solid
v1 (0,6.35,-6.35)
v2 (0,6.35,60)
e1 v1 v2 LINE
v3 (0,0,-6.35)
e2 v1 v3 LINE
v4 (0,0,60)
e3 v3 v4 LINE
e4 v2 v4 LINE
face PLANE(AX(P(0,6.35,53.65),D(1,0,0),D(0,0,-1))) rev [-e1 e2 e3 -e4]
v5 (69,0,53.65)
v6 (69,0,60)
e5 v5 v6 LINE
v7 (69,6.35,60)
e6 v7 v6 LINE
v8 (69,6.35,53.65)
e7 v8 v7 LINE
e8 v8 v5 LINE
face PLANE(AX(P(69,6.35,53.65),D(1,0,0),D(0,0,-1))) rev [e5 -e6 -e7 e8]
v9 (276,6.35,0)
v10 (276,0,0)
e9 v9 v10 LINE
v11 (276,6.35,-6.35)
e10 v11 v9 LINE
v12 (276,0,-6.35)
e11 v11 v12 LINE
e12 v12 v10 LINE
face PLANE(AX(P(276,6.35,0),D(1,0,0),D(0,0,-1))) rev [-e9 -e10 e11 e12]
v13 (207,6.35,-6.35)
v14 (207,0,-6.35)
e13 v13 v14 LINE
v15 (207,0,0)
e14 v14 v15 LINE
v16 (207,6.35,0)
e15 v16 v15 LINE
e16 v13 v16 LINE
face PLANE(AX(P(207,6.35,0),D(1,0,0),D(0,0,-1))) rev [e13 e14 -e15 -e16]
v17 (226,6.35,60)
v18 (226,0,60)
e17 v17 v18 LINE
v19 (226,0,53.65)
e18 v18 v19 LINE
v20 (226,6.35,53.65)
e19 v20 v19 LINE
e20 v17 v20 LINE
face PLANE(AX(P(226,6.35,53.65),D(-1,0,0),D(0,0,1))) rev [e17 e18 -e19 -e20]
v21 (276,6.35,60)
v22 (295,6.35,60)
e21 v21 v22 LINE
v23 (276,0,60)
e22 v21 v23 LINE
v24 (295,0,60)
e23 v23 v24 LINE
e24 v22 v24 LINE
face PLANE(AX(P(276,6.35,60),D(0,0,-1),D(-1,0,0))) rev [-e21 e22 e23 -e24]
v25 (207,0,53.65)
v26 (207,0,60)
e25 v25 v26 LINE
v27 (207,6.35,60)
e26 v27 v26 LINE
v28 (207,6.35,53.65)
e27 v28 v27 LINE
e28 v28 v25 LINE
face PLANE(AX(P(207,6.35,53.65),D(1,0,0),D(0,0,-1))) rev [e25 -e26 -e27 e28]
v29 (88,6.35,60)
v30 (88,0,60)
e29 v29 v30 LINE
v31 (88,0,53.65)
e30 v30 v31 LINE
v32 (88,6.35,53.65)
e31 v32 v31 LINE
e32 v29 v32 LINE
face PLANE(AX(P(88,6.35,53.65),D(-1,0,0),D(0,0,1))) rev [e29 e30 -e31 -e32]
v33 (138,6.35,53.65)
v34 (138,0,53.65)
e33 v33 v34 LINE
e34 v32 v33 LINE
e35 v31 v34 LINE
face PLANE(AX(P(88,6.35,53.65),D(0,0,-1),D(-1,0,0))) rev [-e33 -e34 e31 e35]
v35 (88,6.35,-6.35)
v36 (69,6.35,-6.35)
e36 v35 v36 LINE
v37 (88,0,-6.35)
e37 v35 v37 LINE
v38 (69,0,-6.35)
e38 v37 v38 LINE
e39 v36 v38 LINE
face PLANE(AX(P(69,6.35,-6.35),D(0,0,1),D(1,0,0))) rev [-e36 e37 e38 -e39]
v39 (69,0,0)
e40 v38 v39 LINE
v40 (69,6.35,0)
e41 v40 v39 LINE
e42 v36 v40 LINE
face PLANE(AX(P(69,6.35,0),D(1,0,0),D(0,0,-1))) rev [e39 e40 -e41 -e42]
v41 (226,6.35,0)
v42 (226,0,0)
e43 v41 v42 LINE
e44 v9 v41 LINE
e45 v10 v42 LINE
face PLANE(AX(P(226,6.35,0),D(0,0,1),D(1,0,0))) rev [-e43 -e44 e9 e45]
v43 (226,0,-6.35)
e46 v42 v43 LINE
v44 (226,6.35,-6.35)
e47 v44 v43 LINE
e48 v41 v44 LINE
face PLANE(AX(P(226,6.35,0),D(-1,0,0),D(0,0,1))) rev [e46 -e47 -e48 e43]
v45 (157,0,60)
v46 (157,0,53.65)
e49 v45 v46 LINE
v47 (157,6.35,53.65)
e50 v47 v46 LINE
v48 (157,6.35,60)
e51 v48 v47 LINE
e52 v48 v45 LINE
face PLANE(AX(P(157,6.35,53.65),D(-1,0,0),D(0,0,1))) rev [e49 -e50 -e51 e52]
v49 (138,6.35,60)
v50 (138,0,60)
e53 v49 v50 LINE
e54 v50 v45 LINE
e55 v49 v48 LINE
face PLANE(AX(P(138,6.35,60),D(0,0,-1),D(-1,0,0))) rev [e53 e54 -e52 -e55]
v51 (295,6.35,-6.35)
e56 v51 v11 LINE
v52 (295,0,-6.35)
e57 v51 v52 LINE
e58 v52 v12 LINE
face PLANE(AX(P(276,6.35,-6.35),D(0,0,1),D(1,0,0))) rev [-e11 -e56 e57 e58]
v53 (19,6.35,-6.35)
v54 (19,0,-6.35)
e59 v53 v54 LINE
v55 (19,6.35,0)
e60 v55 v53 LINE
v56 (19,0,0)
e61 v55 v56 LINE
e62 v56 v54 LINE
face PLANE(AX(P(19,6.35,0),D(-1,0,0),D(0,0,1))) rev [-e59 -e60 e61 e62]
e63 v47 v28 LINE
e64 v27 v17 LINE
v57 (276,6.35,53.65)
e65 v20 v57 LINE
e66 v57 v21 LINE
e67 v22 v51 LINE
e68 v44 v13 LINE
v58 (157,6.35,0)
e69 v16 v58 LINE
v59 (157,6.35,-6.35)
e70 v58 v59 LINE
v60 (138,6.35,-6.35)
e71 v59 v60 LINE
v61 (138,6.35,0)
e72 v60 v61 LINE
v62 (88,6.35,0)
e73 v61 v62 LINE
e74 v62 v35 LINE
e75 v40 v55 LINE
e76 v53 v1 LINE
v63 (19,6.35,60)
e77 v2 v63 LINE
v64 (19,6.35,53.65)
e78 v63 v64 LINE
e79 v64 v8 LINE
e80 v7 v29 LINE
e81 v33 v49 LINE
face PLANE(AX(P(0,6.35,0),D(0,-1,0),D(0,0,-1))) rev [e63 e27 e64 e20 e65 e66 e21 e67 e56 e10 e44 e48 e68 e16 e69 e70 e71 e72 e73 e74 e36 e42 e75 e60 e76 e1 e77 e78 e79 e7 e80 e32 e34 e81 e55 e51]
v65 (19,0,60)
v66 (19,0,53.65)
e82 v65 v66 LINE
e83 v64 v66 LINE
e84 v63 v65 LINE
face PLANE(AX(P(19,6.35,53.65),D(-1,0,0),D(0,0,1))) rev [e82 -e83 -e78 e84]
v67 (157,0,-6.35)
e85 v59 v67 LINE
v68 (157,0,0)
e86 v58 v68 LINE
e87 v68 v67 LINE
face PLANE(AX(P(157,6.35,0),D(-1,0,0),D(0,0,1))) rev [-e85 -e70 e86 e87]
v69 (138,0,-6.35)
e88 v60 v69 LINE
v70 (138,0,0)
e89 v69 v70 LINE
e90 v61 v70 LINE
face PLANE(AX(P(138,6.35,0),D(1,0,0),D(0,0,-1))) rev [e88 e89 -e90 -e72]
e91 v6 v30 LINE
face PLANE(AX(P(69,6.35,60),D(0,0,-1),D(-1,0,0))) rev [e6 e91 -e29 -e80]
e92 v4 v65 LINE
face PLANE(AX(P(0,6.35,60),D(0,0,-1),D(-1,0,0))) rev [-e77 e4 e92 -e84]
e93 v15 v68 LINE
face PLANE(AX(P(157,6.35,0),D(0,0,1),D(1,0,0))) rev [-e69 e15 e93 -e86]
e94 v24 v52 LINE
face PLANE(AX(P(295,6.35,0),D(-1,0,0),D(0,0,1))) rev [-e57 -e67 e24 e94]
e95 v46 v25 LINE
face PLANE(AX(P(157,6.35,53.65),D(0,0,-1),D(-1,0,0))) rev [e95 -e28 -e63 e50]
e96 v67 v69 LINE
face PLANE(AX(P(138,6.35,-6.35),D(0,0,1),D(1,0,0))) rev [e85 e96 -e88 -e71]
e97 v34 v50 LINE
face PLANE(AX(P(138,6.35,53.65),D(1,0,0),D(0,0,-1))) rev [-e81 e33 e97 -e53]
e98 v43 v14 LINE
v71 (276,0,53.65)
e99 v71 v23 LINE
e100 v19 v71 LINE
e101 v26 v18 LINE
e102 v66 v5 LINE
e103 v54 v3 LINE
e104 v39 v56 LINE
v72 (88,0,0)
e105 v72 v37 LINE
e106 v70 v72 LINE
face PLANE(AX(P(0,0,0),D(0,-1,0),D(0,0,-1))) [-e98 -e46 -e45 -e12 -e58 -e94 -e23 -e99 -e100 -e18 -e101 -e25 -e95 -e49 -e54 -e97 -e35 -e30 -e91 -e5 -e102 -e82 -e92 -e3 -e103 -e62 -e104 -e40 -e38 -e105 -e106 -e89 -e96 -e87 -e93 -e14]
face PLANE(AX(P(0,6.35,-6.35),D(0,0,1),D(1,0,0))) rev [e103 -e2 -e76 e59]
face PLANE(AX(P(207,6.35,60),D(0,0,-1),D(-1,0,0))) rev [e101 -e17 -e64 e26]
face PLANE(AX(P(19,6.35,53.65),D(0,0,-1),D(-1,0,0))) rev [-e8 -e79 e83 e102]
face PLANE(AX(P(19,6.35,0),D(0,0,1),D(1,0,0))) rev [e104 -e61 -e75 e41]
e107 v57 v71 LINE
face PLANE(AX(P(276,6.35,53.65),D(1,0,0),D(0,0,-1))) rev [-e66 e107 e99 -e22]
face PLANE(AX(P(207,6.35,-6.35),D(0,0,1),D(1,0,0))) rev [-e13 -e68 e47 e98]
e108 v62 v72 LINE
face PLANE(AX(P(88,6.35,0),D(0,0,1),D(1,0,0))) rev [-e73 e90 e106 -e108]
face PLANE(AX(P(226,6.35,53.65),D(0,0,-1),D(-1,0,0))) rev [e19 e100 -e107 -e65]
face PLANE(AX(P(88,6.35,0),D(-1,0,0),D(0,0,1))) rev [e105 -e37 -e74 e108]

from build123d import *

# Parameters (mm, degrees)
BOSS_EXTRUDE1_DEPTH = 6.35


with BuildPart() as part:
    # Sketch1 → Boss-Extrude1 (new body)
    with BuildSketch(Plane(origin=(0, 0, 0), x_dir=(1, 0, 0), z_dir=(0, 1, 0))):
        Polygon((69, -53.65), (69, -60), (88, -60), (88, -53.65), (138, -53.65), (138, -60), (157, -60), (157, -53.65), (207, -53.65), (207, -60), (226, -60), (226, -53.65), (276, -53.65), (276, -60), (295, -60), (295, -53.65), (295, 0), (295, 6.35), (276, 6.35), (276, 0), (226, 0), (226, 6.35), (207, 6.35), (207, 0), (157, 0), (157, 6.35), (138, 6.35), (138, 0), (88, 0), (88, 6.35), (69, 6.35), (69, 0), (19, 0), (19, 6.35), (0, 6.35), (0, 0), (0, -53.65), (0, -60), (19, -60), (19, -53.65), align=None)
    extrude(amount=BOSS_EXTRUDE1_DEPTH)


solid = part.part
